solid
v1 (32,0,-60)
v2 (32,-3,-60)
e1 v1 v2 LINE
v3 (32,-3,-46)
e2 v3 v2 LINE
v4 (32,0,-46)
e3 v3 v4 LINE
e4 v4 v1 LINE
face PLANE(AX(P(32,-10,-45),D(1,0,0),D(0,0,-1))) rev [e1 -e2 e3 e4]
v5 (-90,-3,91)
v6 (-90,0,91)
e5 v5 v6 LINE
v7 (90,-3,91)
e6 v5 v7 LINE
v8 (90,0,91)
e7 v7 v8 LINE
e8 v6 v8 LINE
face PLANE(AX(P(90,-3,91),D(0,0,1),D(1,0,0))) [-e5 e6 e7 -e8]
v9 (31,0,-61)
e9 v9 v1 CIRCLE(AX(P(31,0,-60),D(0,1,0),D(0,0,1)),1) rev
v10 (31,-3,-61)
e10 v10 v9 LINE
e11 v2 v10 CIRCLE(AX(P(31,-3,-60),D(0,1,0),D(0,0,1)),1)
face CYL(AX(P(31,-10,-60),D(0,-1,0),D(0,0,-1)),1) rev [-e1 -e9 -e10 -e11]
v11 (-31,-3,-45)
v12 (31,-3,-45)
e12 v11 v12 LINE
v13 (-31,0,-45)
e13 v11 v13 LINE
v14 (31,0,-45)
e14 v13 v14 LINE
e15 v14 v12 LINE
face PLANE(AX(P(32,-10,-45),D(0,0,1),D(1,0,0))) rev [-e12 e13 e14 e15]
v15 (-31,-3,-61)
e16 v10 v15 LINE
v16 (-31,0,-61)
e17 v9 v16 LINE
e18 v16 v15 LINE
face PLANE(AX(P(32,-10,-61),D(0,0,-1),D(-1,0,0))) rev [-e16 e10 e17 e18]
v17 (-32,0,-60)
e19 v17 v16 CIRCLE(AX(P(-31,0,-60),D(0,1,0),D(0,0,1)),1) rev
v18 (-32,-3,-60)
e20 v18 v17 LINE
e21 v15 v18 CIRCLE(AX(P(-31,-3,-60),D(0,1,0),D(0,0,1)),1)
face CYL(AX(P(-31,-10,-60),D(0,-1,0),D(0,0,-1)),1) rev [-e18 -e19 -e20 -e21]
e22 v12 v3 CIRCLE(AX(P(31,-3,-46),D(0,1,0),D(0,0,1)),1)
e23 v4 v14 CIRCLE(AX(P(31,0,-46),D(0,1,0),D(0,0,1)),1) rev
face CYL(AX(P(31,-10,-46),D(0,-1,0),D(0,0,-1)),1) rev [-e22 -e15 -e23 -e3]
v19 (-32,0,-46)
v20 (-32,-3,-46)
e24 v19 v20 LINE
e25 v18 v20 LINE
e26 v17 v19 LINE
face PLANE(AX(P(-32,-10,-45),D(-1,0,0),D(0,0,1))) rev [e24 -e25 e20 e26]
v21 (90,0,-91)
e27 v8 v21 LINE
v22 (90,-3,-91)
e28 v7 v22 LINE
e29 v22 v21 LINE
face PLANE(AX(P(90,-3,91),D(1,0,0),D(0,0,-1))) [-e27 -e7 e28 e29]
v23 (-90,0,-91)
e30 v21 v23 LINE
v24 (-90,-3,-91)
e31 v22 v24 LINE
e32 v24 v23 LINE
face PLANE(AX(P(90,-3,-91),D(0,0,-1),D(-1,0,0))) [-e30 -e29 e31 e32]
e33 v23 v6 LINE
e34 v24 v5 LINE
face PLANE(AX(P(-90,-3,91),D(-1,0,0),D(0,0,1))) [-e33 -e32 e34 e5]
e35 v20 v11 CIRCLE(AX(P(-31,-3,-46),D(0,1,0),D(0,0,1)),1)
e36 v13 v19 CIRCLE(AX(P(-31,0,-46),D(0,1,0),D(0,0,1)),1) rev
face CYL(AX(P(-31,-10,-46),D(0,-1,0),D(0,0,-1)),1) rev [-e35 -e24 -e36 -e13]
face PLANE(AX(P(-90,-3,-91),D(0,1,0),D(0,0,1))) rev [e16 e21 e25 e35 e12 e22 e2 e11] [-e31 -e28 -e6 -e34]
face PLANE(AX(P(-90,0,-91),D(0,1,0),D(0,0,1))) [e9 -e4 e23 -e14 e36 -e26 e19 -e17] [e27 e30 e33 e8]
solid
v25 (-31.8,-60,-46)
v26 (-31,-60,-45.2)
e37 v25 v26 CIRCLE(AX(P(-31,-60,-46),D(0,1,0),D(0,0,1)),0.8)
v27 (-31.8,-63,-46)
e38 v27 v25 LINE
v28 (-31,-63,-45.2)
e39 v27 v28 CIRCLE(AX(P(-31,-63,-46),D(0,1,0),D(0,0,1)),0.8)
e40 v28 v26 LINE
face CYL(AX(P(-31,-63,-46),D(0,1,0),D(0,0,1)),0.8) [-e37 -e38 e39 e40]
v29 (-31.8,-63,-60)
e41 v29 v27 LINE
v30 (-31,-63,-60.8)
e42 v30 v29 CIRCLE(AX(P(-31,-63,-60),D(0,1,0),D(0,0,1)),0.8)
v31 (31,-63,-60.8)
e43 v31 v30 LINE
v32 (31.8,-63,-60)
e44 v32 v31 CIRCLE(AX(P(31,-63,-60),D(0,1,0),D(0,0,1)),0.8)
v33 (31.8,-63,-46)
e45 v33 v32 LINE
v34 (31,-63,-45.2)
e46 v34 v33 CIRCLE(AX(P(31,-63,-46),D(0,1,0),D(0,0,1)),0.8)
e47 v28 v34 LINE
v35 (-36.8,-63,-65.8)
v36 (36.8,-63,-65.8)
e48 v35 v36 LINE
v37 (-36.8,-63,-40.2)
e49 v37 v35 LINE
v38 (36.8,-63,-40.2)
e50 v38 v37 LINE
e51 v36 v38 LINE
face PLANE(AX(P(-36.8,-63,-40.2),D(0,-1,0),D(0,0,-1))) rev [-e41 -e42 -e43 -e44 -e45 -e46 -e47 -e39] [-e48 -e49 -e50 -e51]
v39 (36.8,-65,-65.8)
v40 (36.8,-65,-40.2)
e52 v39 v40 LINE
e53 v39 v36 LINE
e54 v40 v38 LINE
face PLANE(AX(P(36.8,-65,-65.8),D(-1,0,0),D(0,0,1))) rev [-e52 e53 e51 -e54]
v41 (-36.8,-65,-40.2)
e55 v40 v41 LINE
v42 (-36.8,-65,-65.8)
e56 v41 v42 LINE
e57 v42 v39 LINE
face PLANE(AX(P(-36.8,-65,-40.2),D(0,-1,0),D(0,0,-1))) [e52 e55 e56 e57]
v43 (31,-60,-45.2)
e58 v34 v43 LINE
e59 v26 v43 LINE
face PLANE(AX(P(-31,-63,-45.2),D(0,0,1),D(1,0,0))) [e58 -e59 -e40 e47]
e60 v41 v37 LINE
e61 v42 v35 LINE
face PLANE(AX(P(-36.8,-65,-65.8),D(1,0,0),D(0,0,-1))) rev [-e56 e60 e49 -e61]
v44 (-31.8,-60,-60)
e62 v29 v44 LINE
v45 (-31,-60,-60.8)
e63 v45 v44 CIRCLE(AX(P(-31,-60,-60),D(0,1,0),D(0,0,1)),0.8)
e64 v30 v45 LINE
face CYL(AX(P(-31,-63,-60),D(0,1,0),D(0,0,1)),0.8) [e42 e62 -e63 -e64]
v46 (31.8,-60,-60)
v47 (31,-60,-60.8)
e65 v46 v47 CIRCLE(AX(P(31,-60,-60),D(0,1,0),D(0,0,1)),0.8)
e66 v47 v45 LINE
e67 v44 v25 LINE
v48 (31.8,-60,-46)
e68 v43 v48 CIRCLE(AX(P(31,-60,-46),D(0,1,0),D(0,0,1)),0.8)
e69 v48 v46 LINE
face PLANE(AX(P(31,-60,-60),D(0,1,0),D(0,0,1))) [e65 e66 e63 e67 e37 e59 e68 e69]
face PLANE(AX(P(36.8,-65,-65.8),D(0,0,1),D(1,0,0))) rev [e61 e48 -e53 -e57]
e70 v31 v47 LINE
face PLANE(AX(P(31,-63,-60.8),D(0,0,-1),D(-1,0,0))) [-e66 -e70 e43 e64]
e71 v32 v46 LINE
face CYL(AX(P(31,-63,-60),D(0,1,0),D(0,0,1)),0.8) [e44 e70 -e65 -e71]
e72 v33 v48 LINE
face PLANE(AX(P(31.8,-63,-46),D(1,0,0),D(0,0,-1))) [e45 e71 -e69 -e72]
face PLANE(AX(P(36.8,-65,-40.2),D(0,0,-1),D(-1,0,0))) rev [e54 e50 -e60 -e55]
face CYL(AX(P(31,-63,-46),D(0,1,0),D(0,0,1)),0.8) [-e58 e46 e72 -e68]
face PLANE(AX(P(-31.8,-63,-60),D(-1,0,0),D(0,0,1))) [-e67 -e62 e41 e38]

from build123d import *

# Parameters (mm, degrees)
CROQUIS2_W     = 180
CROQUIS2_H     = 182
EXTRUIR1_DEPTH = 3
CROQUIS4_W     = 64
CROQUIS4_H     = 16
EXTRUIR2_DEPTH = 10
REDONDEO1_R    = 1
EXTRUIR3_DEPTH = 3
CROQUIS7_W     = 73.6
CROQUIS7_H     = 25.6
EXTRUIR4_DEPTH = 2


with BuildPart() as part:
    # Croquis2 → Extruir1 (new body)
    with BuildSketch(Plane(origin=(0, 0, 0), x_dir=(1, 0, 0), z_dir=(0, 1, 0))):
        Rectangle(CROQUIS2_W, CROQUIS2_H)
    extrude(amount=-EXTRUIR1_DEPTH)

    # Croquis4 → Extruir2 (cut)
    with BuildSketch(Plane(origin=(0, 0, 0), x_dir=(1, 0, 0), z_dir=(0, 1, 0))):
        with Locations((0, 53)):
            Rectangle(CROQUIS4_W, CROQUIS4_H)
    extrude(amount=-EXTRUIR2_DEPTH, mode=Mode.SUBTRACT)

    # Redondeo1
    redondeo1_edges = [part.edges().sort_by_distance(p)[0] for p in [
        (-32, -1.5, -45),
        (-32, -1.5, -61),
        (32, -1.5, -61),
        (32, -1.5, -45),
    ]]
    fillet(redondeo1_edges, radius=REDONDEO1_R)


with BuildPart() as body_2:
    # Croquis5 → Extruir3 (new body)
    with BuildSketch(Plane(origin=(0, 0, 0), x_dir=(1, 0, 0), z_dir=(0, 1, 0))):
        with BuildLine():
            Line((31.8, 46), (31.8, 60))
            ThreePointArc((31.8, 60), (31.565685425, 60.565685425), (31, 60.8))
            Line((31, 60.8), (-31, 60.8))
            ThreePointArc((-31, 60.8), (-31.565685425, 60.565685425), (-31.8, 60))
            Line((-31.8, 60), (-31.8, 46))
            ThreePointArc((-31.8, 46), (-31.565685425, 45.434314575), (-31, 45.2))
            Line((-31, 45.2), (31, 45.2))
            ThreePointArc((31, 45.2), (31.565685425, 45.434314575), (31.8, 46))
        make_face()
    extrude(amount=-EXTRUIR3_DEPTH)

    # Croquis7 → Extruir4 (add)
    with BuildSketch(Plane.XZ.offset(3)):
        with Locations((0, -53)):
            Rectangle(CROQUIS7_W, CROQUIS7_H)
    extrude(amount=EXTRUIR4_DEPTH)


with BuildPart() as body_2_1:
    # Sólido-Mover/Copiar1: moved
    add(body_2.part.moved(Location((0, -60, 0))))


solid = Compound([part.part, body_2_1.part])
